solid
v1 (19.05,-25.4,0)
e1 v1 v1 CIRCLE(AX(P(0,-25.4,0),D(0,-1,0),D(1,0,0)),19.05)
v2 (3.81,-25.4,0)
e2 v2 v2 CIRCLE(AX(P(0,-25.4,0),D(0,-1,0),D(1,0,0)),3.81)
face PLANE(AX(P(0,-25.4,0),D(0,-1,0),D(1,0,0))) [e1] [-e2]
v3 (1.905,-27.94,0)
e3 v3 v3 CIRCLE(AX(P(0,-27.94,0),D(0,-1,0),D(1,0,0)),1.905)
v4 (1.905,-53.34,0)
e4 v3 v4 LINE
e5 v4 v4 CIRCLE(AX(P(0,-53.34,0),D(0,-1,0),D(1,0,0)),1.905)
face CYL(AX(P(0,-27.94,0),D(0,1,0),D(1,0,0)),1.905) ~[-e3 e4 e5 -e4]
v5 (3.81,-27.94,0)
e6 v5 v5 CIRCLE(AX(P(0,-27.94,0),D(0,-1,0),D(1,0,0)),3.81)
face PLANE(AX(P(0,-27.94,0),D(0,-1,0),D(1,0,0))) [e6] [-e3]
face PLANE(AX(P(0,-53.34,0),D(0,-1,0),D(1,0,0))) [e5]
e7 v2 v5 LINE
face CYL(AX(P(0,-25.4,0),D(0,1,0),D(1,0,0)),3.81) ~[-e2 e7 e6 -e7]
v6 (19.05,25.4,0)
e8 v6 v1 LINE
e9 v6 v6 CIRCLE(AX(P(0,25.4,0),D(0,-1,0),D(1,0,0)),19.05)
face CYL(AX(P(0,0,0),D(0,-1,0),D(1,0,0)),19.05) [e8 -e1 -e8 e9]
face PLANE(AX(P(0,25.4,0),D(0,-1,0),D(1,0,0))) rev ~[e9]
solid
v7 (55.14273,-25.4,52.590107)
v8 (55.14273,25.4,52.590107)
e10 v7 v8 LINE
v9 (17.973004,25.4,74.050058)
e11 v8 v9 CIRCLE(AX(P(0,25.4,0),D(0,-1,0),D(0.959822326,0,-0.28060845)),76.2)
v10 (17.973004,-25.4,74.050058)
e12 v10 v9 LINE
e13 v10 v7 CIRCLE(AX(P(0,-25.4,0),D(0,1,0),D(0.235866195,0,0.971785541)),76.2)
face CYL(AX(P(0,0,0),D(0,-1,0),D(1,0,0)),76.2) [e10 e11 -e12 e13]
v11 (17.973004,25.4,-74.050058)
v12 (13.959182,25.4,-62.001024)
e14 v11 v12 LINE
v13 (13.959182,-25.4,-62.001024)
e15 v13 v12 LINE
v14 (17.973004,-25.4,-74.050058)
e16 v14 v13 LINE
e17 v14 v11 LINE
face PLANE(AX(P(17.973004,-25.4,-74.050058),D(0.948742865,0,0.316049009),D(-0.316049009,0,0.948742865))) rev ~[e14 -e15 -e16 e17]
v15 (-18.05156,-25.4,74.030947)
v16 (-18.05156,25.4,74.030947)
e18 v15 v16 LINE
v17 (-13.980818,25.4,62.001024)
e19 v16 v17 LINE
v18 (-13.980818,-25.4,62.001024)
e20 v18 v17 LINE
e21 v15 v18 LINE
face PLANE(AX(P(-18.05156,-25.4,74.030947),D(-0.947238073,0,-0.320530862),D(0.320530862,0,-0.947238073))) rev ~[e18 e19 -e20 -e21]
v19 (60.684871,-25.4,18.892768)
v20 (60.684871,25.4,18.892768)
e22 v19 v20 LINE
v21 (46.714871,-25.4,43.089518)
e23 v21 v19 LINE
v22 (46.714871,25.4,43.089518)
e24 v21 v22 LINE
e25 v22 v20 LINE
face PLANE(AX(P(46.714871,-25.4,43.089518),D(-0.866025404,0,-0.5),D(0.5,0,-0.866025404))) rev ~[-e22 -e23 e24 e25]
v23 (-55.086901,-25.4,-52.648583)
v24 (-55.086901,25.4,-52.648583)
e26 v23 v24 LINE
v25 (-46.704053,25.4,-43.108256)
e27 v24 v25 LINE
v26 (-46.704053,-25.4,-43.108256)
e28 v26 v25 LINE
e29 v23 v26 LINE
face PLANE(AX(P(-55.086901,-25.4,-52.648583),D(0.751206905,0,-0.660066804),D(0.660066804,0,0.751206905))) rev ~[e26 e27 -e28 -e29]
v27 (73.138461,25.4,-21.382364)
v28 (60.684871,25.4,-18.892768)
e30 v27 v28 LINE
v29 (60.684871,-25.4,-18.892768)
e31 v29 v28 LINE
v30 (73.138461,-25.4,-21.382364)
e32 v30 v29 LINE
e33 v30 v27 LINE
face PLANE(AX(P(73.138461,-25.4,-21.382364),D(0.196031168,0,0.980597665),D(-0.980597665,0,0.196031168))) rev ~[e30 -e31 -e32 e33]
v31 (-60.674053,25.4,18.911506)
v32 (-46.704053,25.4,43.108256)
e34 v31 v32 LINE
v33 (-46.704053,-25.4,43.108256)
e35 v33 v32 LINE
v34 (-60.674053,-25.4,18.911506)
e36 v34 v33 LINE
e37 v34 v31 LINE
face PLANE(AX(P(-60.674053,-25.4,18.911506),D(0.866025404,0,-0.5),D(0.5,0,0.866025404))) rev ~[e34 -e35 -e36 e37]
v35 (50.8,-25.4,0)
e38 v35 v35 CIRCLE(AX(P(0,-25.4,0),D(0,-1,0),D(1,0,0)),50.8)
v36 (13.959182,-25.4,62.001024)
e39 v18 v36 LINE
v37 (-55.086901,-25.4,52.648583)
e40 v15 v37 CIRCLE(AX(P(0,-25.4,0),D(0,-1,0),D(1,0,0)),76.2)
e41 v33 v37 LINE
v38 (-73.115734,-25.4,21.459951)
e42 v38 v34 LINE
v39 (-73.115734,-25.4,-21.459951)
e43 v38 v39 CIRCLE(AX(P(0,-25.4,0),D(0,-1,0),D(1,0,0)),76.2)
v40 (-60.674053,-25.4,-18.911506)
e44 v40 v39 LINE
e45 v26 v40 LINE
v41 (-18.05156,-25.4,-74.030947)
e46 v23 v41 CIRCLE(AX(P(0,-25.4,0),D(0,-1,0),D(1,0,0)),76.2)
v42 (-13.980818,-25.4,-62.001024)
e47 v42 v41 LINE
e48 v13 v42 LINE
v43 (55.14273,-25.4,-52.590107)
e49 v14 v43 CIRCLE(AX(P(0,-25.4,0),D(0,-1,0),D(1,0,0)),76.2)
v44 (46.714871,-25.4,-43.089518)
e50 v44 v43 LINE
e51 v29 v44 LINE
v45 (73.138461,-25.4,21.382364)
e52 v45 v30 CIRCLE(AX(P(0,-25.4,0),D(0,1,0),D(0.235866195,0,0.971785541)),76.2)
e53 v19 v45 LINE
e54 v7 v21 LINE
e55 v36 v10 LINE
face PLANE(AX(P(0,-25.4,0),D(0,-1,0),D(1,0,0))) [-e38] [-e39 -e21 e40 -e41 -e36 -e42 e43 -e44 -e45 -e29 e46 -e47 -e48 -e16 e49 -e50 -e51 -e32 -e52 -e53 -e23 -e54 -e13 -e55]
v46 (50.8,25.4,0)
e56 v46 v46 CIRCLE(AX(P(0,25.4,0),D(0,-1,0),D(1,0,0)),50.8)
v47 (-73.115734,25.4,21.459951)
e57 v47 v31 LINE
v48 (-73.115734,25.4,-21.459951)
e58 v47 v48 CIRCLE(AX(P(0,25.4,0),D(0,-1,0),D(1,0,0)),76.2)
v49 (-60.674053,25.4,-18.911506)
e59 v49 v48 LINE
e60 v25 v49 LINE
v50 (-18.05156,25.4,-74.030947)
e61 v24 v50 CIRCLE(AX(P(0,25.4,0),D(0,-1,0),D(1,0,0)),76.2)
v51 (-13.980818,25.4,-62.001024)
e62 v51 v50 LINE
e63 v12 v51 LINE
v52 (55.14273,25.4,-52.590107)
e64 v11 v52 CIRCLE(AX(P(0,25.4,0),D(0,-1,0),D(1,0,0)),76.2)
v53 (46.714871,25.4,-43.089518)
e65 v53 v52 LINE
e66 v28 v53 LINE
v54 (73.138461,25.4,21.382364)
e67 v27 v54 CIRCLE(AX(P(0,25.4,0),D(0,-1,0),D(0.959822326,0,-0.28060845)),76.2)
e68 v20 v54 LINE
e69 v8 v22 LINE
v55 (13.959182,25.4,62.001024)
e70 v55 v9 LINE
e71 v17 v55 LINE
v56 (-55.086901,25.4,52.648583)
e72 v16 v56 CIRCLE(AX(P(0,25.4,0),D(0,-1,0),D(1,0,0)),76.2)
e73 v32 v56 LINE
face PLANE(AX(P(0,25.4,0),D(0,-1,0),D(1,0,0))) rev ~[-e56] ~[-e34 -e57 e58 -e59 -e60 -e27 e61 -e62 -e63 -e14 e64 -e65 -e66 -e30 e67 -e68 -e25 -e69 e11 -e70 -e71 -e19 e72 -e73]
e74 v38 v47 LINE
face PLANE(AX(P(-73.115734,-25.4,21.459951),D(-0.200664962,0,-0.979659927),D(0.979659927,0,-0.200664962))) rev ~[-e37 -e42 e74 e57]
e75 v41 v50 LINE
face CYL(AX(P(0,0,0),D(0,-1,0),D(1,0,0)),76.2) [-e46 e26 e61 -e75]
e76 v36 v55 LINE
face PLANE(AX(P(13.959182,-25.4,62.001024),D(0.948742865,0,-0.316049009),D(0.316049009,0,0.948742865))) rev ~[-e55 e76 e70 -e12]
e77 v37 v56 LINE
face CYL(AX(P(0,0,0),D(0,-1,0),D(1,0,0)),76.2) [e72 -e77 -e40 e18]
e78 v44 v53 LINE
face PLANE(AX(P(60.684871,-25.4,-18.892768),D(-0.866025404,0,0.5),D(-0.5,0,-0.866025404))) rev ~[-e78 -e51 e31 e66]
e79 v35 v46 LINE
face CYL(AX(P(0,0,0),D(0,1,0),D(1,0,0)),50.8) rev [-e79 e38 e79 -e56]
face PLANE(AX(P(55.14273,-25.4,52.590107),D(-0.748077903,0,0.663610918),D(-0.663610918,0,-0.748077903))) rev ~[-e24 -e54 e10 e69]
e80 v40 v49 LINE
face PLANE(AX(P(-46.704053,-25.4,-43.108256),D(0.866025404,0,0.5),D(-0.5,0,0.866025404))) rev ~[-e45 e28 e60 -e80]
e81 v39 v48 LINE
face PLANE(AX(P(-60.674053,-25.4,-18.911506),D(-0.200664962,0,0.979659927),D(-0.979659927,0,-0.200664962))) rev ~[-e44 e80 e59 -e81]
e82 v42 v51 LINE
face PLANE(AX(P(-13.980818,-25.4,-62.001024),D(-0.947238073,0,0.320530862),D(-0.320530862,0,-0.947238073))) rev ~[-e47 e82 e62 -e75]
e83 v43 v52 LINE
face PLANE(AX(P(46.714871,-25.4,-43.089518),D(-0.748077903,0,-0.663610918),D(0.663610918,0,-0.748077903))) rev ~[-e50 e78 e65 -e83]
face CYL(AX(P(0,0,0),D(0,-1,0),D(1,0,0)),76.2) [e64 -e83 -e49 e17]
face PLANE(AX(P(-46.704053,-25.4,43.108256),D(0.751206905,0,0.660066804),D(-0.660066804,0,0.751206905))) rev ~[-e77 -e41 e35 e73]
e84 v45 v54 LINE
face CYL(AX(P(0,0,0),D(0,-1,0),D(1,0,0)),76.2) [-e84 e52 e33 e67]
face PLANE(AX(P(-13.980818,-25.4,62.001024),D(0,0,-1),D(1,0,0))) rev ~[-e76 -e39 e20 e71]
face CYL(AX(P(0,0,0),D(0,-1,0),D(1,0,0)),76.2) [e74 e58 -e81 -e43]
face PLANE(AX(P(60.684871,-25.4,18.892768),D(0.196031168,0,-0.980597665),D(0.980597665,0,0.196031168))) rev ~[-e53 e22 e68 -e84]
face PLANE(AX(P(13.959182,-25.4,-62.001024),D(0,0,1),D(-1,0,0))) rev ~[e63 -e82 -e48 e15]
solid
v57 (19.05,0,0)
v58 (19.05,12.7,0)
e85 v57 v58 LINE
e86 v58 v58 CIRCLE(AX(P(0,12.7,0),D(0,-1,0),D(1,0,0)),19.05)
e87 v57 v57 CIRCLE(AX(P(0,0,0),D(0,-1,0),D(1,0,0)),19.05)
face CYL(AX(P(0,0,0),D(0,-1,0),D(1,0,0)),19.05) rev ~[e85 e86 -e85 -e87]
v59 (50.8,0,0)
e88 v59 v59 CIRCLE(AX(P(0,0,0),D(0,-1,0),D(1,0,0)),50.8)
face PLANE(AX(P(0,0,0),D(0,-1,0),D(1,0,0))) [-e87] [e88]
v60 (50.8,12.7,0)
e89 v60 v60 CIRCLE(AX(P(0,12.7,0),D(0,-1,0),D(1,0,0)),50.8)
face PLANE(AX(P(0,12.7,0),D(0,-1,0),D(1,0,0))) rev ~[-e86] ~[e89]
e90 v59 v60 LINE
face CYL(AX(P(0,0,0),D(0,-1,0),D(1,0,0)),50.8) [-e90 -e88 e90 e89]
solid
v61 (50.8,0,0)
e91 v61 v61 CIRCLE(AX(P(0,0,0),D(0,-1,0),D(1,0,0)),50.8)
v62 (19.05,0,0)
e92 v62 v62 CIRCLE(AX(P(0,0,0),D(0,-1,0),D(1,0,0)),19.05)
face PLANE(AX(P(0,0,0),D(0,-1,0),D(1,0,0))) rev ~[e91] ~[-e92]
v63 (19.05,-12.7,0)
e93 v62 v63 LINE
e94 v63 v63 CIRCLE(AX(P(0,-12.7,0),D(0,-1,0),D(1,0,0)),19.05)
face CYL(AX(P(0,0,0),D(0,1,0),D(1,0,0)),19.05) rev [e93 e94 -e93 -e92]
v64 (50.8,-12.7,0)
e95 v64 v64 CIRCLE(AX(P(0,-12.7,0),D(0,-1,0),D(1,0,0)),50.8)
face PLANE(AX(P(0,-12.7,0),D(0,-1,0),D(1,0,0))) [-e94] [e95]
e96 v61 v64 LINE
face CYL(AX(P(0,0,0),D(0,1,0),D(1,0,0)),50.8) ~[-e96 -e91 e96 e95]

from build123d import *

# Parameters (mm, degrees)
F0_R      = 76.2
F0_R_2    = 50.8
F1_DEPTH  = 25.4
F0_R_3    = 19.05
F2_DEPTH  = 25.4
F3_DEPTH  = 25.4
F4_DEPTH  = 25.4
F5_DEPTH  = 12.7
F6_DEPTH  = 12.7
F8_DEPTH  = 50.801
F10_DEPTH = 50.801
F11_R     = 3.81
F12_DEPTH = 2.54
F13_R     = 1.905
F14_DEPTH = 25.4


with BuildPart() as f1:
    # F0 (on Front) → F1 (new body)
    with BuildSketch(Plane.XZ):
        Circle(F0_R)
        Circle(F0_R_2, mode=Mode.SUBTRACT)
    extrude(amount=F1_DEPTH)

    # F0 (on Front) → F4 (join)
    with BuildSketch(Plane.XZ):
        Circle(F0_R)
        Circle(F0_R_2, mode=Mode.SUBTRACT)
    extrude(amount=-F4_DEPTH)

    # F7 (on face) → F8 (cut, through all)
    with BuildSketch(Plane.XZ.offset(25.4)):
        with BuildLine():
            ThreePointArc((17.9730040468, 74.0500582412), (-0.0404237291, 76.1999892777), (-18.0515603106, 74.0309473825))
            Line((-18.0515603106, 74.0309473825), (-13.9808183694, 62.0010238562))
            Line((-13.9808183694, 62.0010238562), (13.9591816306, 62.0010238562))
            Line((13.9591816306, 62.0010238562), (17.9730040468, 74.0500582412))
        make_face()
        with BuildLine():
            Line((-60.6740525355, -18.91150602), (-73.1157336121, -21.4599510337))
            ThreePointArc((-73.1157336121, -21.4599510337), (-65.970914618, -38.1350026152), (-55.0869009442, -52.6485834982))
            Line((-55.0869009442, -52.6485834982), (-46.7040525355, -43.1082558017))
            Line((-46.7040525355, -43.1082558017), (-60.6740525355, -18.91150602))
        make_face()
        with BuildLine():
            ThreePointArc((55.1427295652, -52.5901072075), (66.0113383471, -38.0649866625), (73.1384612548, -21.3823638844))
            Line((73.1384612548, -21.3823638844), (60.6848709048, -18.8927680545))
            Line((60.6848709048, -18.8927680545), (46.7148709048, -43.0895178363))
            Line((46.7148709048, -43.0895178363), (55.1427295652, -52.5901072075))
        make_face()
    extrude(amount=-F8_DEPTH, mode=Mode.SUBTRACT)

    # F9 (on face) → F10 (cut, through all)
    with BuildSketch(Plane.XZ.offset(25.4)):
        with BuildLine():
            ThreePointArc((-55.0869009442, 52.6485834982), (-65.970914618, 38.1350026152), (-73.1157336121, 21.4599510337))
            Line((-73.1157336121, 21.4599510337), (-60.6740525355, 18.91150602))
            Line((-60.6740525355, 18.91150602), (-46.7040525355, 43.1082558017))
            Line((-46.7040525355, 43.1082558017), (-55.0869009442, 52.6485834982))
        make_face()
        with BuildLine():
            Line((60.6848709048, 18.8927680545), (73.1384612548, 21.3823638844))
            ThreePointArc((73.1384612548, 21.3823638844), (66.0113383471, 38.0649866625), (55.1427295652, 52.5901072075))
            Line((55.1427295652, 52.5901072075), (46.7148709048, 43.0895178363))
            Line((46.7148709048, 43.0895178363), (60.6848709048, 18.8927680545))
        make_face()
        with BuildLine():
            Line((-13.9808183694, -62.0010238562), (-18.0515603106, -74.0309473825))
            ThreePointArc((-18.0515603106, -74.0309473825), (-0.0404237291, -76.1999892777), (17.9730040468, -74.0500582412))
            Line((17.9730040468, -74.0500582412), (13.9591816306, -62.0010238562))
            Line((13.9591816306, -62.0010238562), (-13.9808183694, -62.0010238562))
        make_face()
    extrude(amount=-F10_DEPTH, mode=Mode.SUBTRACT)


with BuildPart() as f2:
    # F0 (on Front) → F2 (new body)
    with BuildSketch(Plane.XZ):
        Circle(F0_R_3)
    extrude(amount=F2_DEPTH)

    # F0 (on Front) → F3 (join)
    with BuildSketch(Plane.XZ):
        Circle(F0_R_3)
    extrude(amount=-F3_DEPTH)

    # F11 (on face) → F12 (join)
    with BuildSketch(Plane.XZ.offset(25.4)):
        Circle(F11_R)
    extrude(amount=F12_DEPTH)

    # F13 (on face) → F14 (join)
    with BuildSketch(Plane.XZ.offset(27.94)):
        Circle(F13_R)
    extrude(amount=F14_DEPTH)


with BuildPart() as f5:
    # F0 (on Front) → F5 (new body)
    with BuildSketch(Plane.XZ):
        Circle(F0_R_2)
        Circle(F0_R_3, mode=Mode.SUBTRACT)
    extrude(amount=F5_DEPTH)


with BuildPart() as f6:
    # F0 (on Front) → F6 (new body)
    with BuildSketch(Plane.XZ):
        Circle(F0_R_2)
        Circle(F0_R_3, mode=Mode.SUBTRACT)
    extrude(amount=-F6_DEPTH)


solid = Compound([f1.part, f2.part, f5.part, f6.part])
